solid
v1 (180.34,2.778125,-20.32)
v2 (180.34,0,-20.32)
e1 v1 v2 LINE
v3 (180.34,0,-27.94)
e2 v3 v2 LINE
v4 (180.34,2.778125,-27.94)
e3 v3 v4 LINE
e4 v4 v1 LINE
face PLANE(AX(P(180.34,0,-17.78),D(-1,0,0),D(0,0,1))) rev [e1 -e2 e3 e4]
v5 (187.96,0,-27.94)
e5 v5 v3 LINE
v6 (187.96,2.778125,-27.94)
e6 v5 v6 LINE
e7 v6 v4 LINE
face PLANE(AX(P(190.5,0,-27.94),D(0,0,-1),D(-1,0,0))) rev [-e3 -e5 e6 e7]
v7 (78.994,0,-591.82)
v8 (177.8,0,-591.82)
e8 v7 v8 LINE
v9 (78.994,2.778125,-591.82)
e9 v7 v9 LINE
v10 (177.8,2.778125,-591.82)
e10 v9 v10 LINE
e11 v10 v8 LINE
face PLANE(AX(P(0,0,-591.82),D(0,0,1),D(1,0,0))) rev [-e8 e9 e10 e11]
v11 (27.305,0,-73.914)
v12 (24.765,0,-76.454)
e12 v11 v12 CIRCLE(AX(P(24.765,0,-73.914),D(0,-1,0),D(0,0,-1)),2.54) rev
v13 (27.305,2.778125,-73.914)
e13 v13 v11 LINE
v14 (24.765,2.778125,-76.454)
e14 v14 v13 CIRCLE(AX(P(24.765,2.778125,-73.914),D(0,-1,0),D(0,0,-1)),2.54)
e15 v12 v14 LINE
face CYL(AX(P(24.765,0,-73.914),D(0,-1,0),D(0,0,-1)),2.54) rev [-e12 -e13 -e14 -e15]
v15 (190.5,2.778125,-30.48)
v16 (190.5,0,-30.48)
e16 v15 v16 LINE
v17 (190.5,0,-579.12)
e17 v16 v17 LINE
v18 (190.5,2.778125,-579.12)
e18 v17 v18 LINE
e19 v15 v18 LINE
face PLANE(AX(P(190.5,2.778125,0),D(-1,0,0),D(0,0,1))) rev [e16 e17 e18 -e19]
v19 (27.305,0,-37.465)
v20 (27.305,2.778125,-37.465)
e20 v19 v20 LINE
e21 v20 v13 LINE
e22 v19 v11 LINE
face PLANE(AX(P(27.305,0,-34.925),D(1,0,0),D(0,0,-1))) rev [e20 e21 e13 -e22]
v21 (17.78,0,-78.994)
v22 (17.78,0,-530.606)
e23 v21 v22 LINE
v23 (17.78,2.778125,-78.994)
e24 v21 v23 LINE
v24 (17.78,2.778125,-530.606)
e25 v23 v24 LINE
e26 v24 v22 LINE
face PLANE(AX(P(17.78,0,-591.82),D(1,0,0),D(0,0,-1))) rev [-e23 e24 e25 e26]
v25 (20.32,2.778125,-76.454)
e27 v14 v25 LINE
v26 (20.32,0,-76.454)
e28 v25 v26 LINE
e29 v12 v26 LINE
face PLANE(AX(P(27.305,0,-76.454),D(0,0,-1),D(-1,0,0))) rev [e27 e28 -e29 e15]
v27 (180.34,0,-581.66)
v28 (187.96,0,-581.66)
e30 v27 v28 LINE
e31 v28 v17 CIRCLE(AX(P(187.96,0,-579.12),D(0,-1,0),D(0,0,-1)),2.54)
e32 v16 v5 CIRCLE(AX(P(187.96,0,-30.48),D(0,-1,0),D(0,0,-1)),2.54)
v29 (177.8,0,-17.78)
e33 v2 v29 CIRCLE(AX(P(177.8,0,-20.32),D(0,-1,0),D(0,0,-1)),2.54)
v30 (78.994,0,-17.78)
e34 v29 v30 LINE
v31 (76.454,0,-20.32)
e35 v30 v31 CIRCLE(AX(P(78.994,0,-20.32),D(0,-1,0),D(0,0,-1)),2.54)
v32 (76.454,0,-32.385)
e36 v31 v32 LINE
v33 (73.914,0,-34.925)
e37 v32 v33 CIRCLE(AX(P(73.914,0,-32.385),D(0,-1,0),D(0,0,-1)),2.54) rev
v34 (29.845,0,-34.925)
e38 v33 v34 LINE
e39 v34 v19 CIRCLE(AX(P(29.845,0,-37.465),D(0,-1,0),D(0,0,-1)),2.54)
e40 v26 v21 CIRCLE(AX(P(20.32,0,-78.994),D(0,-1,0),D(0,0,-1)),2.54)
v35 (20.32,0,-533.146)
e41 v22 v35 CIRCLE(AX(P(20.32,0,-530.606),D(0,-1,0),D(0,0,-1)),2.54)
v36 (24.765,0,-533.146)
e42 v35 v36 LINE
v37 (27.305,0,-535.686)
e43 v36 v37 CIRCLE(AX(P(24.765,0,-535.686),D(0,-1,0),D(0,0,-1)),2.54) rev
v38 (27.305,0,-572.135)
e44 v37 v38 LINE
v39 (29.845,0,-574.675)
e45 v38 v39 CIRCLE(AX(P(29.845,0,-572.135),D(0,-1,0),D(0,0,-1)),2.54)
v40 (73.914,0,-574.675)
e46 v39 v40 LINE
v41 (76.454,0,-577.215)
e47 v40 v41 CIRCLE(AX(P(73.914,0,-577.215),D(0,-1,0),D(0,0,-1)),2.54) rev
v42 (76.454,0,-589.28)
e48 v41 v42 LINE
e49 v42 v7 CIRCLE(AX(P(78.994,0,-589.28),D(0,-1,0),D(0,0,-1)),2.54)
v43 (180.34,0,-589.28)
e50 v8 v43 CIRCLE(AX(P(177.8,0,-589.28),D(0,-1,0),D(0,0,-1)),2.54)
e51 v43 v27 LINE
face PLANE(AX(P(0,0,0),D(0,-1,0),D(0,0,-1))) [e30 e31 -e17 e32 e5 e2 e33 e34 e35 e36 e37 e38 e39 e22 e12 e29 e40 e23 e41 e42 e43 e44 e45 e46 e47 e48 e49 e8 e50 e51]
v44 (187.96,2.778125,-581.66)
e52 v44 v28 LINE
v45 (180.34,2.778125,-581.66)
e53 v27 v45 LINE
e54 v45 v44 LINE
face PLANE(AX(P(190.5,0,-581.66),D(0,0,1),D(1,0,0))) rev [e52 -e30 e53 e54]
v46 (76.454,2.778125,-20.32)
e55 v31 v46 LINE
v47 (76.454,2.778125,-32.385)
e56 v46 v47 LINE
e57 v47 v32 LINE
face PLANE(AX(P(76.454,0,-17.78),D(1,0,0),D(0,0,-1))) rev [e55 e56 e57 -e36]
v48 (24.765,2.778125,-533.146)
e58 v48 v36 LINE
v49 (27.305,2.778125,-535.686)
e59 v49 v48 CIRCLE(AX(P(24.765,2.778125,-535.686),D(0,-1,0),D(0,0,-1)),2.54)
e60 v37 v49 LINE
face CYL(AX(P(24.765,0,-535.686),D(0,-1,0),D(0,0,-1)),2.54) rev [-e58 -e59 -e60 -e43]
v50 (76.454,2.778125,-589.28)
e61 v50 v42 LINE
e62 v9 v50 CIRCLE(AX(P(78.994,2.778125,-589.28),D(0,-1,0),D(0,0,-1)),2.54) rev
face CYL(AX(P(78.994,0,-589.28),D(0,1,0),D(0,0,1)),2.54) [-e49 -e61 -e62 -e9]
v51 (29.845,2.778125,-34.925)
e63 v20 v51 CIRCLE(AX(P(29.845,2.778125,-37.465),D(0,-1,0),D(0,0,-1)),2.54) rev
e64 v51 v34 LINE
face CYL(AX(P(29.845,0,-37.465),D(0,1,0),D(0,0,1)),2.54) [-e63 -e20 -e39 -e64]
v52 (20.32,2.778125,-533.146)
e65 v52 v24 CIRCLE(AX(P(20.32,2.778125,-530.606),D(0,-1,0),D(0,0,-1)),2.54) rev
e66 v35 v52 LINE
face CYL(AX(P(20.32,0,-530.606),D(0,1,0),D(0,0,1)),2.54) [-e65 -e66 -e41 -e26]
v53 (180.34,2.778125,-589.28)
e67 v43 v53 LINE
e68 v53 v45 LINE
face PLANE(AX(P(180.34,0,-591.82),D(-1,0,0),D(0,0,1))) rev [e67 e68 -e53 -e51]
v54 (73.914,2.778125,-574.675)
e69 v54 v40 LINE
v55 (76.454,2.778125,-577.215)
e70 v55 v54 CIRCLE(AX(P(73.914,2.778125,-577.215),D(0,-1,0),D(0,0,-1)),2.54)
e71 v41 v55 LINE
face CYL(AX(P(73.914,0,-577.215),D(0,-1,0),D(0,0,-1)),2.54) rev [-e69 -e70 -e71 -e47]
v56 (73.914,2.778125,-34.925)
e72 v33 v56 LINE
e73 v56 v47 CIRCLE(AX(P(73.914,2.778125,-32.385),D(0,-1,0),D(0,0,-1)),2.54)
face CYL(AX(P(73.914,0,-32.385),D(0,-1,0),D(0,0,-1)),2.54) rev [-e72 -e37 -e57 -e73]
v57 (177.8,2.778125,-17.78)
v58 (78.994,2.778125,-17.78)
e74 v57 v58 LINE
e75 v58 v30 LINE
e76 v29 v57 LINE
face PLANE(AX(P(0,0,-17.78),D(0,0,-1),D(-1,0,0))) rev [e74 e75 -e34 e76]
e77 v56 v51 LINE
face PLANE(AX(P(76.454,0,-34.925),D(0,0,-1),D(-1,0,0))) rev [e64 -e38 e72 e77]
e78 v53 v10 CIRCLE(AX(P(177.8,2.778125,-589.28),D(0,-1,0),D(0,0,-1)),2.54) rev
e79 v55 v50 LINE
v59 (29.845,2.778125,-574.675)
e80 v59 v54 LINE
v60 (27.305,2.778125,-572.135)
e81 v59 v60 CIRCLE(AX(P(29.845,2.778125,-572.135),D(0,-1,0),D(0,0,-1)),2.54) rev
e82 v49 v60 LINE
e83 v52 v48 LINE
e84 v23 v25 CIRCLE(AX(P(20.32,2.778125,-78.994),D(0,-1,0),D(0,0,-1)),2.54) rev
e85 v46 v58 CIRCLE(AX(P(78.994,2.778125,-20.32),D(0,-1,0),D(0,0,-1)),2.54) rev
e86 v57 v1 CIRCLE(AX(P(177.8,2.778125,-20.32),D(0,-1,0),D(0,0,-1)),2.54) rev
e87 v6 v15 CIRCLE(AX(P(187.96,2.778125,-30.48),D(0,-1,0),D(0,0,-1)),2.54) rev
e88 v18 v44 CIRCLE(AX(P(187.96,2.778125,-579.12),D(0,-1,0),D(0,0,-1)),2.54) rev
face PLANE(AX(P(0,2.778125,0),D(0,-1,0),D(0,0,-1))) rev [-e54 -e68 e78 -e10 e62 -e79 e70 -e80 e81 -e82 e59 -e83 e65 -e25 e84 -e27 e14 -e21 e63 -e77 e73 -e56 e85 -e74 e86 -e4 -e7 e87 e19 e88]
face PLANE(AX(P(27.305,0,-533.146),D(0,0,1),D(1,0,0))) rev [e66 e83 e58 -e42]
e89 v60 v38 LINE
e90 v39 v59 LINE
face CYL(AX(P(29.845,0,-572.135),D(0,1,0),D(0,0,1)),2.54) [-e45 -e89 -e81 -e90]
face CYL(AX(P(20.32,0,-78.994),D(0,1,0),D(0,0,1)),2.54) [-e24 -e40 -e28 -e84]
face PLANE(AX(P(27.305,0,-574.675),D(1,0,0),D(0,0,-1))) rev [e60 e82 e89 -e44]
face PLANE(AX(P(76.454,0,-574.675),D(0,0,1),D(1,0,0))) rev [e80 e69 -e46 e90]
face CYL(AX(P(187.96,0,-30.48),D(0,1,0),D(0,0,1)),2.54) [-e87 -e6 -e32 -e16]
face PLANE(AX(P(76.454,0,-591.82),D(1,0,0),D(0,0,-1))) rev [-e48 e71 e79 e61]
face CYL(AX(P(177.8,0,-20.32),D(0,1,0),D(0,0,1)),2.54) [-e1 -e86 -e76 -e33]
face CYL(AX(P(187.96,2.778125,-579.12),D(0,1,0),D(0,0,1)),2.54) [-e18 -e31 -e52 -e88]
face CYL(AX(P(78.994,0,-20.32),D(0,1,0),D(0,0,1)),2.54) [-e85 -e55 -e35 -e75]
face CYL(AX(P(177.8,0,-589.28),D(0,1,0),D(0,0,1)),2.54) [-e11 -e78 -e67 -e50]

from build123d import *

# Parameters (mm, degrees)
SKETCH1_W           = 190.5
SKETCH1_H           = 609.6
BOSS_EXTRUDE1_DEPTH = 2.778125
SKETCH2_W           = 190.5
SKETCH2_H           = 17.78
CUT_EXTRUDE1_DEPTH  = 3.778125
SKETCH3_W           = 17.78
SKETCH3_H           = 574.04
CUT_EXTRUDE2_DEPTH  = 3.778125
SKETCH4_W           = 10.16
SKETCH4_H           = 10.16
CUT_EXTRUDE3_DEPTH  = 3.778125
FILLET1_R           = 2.54


with BuildPart() as part:
    # Sketch1 → Boss-Extrude1 (new body)
    with BuildSketch(Plane(origin=(0, 0, 0), x_dir=(1, 0, 0), z_dir=(0, 1, 0))):
        with Locations((95.25, 304.8)):
            Rectangle(SKETCH1_W, SKETCH1_H)
    extrude(amount=BOSS_EXTRUDE1_DEPTH)

    # Sketch2 → Cut-Extrude1 (cut, through all)
    with BuildSketch(Plane(origin=(0, 2.778125, 0), x_dir=(1, 0, 0), z_dir=(0, 1, 0))):
        with Locations((95.25, 8.89)):
            Rectangle(SKETCH2_W, SKETCH2_H)
        with Locations((95.25, 600.71)):
            Rectangle(SKETCH2_W, SKETCH2_H)
    extrude(amount=-CUT_EXTRUDE1_DEPTH, mode=Mode.SUBTRACT)

    # Sketch3 → Cut-Extrude2 (cut, through all)
    with BuildSketch(Plane(origin=(0, 2.778125, 0), x_dir=(1, 0, 0), z_dir=(0, 1, 0))):
        with Locations((8.89, 304.8)):
            Rectangle(SKETCH3_W, SKETCH3_H)
    extrude(amount=-CUT_EXTRUDE2_DEPTH, mode=Mode.SUBTRACT)

    # Sketch4 → Cut-Extrude3 (cut, through all)
    with BuildSketch(Plane(origin=(0, 2.778125, 0), x_dir=(1, 0, 0), z_dir=(0, 1, 0))):
        Polygon((17.78, 591.82), (76.454, 591.82), (76.454, 574.675), (27.305, 574.675), (27.305, 533.146), (17.78, 533.146), align=None)
        Polygon((17.78, 17.78), (76.454, 17.78), (76.454, 34.925), (27.305, 34.925), (27.305, 76.454), (17.78, 76.454), align=None)
        with Locations((185.42, 586.74)):
            Rectangle(SKETCH4_W, SKETCH4_H)
        with Locations((185.42, 22.86)):
            Rectangle(SKETCH4_W, SKETCH4_H)
    extrude(amount=-CUT_EXTRUDE3_DEPTH, mode=Mode.SUBTRACT)

    # Fillet1
    fillet1_edges = [part.edges().sort_by_distance(p)[0] for p in [
        (17.78, 1.3890625, -76.454),
        (27.305, 1.3890625, -76.454),
        (27.305, 1.3890625, -34.925),
        (76.454, 1.3890625, -34.925),
        (76.454, 1.3890625, -17.78),
        (190.5, 1.3890625, -581.66),
        (180.34, 1.3890625, -591.82),
        (190.5, 1.3890625, -27.94),
        (180.34, 1.3890625, -17.78),
        (17.78, 1.3890625, -533.146),
        (76.454, 1.3890625, -591.82),
        (76.454, 1.3890625, -574.675),
        (27.305, 1.3890625, -574.675),
        (27.305, 1.3890625, -533.146),
    ]]
    fillet(fillet1_edges, radius=FILLET1_R)


solid = part.part
